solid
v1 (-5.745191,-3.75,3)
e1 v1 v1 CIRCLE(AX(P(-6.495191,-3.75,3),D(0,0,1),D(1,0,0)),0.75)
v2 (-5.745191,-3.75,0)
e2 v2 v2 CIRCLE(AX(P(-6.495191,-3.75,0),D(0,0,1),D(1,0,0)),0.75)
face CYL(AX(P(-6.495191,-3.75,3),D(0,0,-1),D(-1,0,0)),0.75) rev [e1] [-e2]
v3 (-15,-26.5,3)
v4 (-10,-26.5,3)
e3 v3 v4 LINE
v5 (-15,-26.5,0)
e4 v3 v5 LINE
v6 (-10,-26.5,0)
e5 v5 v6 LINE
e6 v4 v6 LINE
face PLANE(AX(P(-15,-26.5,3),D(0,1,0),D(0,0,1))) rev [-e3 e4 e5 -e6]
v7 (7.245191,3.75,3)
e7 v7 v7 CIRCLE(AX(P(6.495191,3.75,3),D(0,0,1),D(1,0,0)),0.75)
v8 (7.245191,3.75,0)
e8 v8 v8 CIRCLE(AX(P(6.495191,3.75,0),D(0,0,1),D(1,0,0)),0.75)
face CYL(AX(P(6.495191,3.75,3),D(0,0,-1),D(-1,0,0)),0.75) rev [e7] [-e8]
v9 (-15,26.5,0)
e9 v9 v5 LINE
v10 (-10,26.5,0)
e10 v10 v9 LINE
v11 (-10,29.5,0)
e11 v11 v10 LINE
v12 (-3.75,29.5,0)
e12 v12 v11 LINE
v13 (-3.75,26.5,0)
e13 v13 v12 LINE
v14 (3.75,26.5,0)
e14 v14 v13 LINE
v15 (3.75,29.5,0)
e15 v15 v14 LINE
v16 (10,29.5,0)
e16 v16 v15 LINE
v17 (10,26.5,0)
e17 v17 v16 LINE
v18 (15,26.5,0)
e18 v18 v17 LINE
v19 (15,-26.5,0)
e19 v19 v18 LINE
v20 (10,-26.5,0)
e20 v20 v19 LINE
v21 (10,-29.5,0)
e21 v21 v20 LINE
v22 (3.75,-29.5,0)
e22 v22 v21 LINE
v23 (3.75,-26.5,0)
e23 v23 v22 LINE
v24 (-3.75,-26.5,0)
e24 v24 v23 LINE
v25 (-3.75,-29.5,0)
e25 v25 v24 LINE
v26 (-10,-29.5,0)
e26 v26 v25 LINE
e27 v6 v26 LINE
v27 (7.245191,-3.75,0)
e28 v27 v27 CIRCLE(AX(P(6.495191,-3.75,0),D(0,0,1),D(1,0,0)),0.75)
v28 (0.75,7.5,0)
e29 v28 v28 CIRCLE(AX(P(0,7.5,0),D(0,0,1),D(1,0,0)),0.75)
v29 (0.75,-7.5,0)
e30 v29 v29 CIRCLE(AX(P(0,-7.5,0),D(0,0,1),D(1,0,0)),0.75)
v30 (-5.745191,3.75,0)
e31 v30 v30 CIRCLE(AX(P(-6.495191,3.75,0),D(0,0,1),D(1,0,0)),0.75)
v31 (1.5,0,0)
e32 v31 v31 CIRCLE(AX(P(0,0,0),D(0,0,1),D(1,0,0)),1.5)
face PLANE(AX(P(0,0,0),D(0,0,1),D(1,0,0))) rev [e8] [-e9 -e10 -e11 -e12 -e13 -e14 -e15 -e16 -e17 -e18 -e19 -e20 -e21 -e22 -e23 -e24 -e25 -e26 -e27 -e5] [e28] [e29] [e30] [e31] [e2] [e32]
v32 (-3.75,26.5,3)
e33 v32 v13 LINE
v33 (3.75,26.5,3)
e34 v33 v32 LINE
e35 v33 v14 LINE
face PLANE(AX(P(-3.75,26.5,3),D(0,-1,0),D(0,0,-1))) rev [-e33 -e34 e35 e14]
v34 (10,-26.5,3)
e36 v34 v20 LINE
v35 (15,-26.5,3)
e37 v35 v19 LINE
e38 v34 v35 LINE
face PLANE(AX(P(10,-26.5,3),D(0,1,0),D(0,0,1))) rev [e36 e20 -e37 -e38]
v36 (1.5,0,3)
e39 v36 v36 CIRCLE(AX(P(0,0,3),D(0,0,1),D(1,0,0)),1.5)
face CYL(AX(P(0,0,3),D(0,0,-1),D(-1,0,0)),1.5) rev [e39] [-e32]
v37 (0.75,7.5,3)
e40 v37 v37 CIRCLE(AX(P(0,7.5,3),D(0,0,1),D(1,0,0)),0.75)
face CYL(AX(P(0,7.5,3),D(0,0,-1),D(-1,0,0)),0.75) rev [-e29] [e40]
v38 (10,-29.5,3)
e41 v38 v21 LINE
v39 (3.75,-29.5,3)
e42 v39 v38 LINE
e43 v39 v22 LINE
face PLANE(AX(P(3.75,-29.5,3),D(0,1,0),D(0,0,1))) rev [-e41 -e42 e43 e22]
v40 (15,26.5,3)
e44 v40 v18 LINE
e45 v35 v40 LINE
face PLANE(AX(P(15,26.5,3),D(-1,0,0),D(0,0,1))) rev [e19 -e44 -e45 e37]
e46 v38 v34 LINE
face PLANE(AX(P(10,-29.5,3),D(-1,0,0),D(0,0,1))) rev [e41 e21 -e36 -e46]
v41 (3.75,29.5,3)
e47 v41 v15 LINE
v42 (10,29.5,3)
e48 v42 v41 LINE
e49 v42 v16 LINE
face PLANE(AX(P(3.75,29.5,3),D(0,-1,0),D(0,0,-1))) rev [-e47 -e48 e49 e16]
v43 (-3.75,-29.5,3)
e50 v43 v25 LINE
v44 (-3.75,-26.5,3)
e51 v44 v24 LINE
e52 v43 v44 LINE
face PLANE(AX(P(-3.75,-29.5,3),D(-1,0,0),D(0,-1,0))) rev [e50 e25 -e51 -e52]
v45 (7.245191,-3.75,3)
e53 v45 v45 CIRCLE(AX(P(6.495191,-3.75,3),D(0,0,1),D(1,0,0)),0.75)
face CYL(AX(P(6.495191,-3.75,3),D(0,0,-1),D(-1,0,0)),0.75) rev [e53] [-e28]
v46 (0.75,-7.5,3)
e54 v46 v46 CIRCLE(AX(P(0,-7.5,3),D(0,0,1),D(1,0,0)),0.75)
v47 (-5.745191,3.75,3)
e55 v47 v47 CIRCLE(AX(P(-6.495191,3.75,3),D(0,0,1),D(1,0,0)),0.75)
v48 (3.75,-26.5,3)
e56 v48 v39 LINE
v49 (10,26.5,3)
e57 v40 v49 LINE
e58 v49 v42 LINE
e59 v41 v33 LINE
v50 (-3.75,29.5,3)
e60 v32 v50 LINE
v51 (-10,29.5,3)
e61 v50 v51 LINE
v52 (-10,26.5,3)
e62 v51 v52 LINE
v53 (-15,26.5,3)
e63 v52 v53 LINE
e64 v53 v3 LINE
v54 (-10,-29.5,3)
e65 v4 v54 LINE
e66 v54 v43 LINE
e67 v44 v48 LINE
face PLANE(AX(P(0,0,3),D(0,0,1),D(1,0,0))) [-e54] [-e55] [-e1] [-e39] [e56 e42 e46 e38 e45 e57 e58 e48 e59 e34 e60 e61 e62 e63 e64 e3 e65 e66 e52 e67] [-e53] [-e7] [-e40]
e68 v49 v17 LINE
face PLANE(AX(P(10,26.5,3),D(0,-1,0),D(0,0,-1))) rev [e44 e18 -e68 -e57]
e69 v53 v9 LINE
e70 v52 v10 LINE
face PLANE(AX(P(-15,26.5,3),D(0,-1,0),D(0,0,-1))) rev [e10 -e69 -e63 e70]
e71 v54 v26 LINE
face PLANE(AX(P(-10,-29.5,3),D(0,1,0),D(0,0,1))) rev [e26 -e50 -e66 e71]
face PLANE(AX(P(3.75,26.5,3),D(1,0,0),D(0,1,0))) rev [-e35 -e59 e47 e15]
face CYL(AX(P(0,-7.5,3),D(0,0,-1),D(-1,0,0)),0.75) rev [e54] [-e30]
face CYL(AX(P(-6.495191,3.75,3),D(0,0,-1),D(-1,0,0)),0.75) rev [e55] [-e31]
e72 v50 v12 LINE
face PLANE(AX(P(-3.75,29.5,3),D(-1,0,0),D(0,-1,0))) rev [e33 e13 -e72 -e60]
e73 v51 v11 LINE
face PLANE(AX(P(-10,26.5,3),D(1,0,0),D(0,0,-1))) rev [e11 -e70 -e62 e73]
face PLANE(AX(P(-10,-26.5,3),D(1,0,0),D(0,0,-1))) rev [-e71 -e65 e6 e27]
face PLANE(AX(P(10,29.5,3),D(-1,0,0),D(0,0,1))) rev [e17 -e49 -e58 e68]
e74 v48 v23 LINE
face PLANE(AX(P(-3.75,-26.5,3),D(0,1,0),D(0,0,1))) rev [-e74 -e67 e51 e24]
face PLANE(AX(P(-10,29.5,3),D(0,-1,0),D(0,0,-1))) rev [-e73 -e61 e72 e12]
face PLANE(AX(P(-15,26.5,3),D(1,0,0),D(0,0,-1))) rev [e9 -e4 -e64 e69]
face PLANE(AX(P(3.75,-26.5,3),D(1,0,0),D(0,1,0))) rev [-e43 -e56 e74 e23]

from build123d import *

# Parameters (mm, degrees)
SKETCH1_R           = 0.75
SKETCH1_R_2         = 1.5
BOSS_EXTRUDE1_DEPTH = 3


with BuildPart() as part:
    # Sketch1 → Boss-Extrude1 (new body)
    with BuildSketch(Plane.XY):
        Polygon((-15, 26.5), (-10, 26.5), (-10, 29.5), (-3.75, 29.5), (-3.75, 26.5), (3.75, 26.5), (3.75, 29.5), (10, 29.5), (10, 26.5), (15, 26.5), (15, -26.5), (10, -26.5), (10, -29.5), (3.75, -29.5), (3.75, -26.5), (-3.75, -26.5), (-3.75, -29.5), (-10, -29.5), (-10, -26.5), (-15, -26.5), align=None)
        with Locations((0, 7.5)):
            Circle(SKETCH1_R, mode=Mode.SUBTRACT)
        with Locations((6.495190528, 3.75)):
            Circle(SKETCH1_R, mode=Mode.SUBTRACT)
        with Locations((6.495190528, -3.75)):
            Circle(SKETCH1_R, mode=Mode.SUBTRACT)
        with Locations((0, -7.5)):
            Circle(SKETCH1_R, mode=Mode.SUBTRACT)
        with Locations((-6.495190528, -3.75)):
            Circle(SKETCH1_R, mode=Mode.SUBTRACT)
        with Locations((-6.495190528, 3.75)):
            Circle(SKETCH1_R, mode=Mode.SUBTRACT)
        Circle(SKETCH1_R_2, mode=Mode.SUBTRACT)
    extrude(amount=BOSS_EXTRUDE1_DEPTH)


solid = part.part
